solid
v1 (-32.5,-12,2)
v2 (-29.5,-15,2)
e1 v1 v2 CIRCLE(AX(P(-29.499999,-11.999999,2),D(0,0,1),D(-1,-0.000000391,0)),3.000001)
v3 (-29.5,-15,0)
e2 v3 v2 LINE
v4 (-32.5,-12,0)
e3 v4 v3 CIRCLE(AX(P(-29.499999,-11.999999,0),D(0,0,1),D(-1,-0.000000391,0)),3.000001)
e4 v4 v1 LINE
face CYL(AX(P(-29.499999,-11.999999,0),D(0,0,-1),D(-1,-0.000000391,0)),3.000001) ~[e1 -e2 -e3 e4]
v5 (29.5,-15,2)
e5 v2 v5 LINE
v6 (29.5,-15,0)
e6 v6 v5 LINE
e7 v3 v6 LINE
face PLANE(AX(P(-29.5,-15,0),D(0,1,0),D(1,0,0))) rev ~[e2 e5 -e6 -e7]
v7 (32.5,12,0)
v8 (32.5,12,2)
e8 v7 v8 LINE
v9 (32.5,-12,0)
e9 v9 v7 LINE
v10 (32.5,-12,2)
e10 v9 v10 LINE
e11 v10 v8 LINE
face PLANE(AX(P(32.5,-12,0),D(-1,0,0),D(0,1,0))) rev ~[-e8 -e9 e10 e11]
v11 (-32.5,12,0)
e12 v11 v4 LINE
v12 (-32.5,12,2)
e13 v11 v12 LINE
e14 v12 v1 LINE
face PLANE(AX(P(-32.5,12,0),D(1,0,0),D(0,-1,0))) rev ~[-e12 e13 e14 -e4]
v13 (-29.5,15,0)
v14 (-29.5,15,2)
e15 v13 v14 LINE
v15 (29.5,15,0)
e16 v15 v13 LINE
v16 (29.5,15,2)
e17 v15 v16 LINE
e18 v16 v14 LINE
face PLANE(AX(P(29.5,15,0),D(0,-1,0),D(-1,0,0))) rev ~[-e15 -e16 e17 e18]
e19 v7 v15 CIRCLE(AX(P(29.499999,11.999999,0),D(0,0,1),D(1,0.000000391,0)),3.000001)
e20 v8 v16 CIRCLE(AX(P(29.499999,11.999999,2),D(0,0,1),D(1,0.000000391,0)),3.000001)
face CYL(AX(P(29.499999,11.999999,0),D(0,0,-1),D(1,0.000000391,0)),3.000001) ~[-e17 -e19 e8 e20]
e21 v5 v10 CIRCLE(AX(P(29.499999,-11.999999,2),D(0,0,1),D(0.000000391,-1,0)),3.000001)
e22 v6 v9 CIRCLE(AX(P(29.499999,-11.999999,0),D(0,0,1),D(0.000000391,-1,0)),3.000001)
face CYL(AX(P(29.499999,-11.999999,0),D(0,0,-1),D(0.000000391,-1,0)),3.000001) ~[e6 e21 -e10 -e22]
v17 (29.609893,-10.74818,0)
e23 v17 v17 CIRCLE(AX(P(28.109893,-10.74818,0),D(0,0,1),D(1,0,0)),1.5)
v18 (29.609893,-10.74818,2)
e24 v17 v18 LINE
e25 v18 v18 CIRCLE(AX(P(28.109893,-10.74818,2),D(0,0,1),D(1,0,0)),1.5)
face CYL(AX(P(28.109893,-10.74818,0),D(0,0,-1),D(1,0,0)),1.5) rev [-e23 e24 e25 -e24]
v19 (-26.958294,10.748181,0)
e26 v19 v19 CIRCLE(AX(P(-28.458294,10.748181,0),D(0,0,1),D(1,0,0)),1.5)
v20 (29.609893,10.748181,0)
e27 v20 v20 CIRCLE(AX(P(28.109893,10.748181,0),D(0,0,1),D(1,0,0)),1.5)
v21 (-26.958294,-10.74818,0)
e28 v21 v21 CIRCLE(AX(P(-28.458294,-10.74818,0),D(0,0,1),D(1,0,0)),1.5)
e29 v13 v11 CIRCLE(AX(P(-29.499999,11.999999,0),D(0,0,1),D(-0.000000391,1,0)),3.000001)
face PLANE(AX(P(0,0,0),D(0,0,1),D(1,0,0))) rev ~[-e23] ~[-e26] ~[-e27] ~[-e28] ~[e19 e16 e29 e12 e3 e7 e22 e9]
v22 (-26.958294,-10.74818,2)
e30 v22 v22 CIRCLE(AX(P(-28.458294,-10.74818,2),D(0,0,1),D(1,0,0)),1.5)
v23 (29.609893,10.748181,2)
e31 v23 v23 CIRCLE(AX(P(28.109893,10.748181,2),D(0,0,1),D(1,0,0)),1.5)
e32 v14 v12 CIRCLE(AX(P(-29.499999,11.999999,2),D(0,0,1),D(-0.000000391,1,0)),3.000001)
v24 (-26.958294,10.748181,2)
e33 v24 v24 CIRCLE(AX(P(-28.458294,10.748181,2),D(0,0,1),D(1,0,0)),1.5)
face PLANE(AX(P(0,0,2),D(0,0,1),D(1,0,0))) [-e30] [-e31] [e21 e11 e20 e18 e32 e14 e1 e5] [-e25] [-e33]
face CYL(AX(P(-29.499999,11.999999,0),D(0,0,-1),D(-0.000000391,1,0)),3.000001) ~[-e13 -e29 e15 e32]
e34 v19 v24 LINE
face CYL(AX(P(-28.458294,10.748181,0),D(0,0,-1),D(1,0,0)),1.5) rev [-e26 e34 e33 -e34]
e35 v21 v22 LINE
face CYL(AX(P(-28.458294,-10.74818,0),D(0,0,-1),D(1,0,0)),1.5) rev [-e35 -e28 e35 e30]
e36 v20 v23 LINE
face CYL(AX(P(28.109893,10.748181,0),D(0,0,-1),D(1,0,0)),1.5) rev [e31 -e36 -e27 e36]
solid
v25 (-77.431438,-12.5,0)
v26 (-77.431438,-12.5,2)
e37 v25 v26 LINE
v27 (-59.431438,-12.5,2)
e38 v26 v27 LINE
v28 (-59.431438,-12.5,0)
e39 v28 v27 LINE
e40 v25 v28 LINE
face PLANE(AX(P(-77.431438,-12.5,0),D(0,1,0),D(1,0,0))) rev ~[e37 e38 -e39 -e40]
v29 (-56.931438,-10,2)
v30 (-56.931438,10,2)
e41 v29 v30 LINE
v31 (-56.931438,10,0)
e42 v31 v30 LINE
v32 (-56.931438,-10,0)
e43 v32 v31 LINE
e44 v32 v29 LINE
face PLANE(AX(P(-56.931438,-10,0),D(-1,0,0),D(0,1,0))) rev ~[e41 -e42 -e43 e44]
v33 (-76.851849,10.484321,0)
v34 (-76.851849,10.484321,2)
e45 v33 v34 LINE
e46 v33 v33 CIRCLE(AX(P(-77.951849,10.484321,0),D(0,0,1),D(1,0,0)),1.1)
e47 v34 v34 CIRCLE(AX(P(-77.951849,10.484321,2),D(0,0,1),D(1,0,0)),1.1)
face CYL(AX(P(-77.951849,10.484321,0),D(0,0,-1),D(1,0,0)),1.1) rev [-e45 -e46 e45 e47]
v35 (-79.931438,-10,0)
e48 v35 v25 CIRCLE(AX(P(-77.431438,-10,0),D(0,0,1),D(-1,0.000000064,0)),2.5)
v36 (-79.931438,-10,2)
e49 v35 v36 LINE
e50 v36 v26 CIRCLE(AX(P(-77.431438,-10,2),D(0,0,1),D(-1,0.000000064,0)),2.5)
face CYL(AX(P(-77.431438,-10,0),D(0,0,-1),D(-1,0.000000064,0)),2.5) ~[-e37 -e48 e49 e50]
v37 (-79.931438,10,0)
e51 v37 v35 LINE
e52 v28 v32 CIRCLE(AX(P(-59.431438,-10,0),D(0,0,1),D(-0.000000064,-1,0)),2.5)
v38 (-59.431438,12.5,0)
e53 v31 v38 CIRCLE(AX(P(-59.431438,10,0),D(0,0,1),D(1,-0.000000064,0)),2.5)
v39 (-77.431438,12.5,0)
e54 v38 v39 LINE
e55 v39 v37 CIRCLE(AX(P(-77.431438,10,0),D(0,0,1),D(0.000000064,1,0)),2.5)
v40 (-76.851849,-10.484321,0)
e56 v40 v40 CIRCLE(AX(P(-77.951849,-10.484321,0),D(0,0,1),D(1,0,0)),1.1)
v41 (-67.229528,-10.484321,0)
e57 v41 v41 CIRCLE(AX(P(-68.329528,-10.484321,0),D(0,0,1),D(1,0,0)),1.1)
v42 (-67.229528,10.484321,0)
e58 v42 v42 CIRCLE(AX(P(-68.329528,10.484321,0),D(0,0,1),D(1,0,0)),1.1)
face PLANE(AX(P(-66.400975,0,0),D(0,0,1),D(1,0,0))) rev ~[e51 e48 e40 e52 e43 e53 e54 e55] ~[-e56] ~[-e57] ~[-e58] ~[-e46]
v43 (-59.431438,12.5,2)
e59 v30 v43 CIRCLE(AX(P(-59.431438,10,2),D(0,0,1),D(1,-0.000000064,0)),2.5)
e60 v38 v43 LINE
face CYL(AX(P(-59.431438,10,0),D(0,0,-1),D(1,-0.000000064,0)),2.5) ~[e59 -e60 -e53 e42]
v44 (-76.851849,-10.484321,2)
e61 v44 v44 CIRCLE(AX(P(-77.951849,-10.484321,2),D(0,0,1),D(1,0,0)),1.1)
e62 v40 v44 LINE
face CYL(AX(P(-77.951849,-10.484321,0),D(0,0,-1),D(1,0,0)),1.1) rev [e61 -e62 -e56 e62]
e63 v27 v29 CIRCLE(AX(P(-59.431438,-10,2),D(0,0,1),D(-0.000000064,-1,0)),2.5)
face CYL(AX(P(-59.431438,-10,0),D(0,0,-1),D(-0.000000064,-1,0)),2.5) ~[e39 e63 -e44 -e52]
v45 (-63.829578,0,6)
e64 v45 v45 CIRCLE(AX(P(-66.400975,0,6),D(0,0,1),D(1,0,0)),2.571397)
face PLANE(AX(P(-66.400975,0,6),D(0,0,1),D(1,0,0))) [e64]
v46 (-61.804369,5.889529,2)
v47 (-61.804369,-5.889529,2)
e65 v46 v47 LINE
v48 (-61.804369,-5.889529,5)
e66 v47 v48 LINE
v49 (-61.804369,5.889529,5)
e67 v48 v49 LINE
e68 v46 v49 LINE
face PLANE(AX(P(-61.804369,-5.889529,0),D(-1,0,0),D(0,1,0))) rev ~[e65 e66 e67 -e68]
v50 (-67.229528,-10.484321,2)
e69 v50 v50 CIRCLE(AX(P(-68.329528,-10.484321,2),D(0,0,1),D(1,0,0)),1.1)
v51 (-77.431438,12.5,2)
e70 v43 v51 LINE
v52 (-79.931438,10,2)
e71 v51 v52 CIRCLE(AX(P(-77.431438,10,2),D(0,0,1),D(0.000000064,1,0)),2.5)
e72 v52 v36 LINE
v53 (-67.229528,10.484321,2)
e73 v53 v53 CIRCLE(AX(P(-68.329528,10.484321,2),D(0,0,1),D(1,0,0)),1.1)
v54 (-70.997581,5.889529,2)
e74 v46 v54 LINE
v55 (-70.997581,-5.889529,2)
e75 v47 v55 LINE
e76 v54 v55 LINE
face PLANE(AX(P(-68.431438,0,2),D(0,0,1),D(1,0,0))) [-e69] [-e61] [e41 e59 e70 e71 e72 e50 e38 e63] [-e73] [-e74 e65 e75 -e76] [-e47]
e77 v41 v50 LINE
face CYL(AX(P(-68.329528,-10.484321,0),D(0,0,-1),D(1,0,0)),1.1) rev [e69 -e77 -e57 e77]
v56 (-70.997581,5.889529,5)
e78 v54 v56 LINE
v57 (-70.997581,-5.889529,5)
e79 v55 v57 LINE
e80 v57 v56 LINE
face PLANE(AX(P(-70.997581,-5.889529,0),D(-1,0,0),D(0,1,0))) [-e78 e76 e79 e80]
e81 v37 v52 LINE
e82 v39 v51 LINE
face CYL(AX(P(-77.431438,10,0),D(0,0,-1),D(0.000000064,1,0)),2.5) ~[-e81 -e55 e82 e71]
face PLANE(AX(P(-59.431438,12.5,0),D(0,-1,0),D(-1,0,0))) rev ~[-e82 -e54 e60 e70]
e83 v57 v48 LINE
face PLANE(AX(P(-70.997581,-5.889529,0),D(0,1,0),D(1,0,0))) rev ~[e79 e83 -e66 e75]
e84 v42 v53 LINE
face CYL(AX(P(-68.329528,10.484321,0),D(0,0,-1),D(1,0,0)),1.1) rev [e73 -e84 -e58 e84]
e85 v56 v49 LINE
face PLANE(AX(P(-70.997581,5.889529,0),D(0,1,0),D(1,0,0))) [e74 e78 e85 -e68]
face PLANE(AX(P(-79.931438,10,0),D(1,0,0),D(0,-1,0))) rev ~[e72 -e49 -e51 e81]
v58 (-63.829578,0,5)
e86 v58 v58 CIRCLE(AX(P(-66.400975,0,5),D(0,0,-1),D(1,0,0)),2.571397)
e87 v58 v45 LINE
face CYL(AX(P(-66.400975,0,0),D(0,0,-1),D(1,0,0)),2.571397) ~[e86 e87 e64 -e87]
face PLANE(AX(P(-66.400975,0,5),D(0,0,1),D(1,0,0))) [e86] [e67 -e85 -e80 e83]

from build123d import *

# Parameters (mm, degrees)
F0_R     = 1.5
F1_DEPTH = 2
F2_R     = 1.1
F2_W     = 9.193212
F2_H     = 11.779058
F2_R_2   = 2.571397
F3_DEPTH = 2
F4_DEPTH = 5
F5_DEPTH = 6


with BuildPart() as f1:
    # F0 (on Top) → F1 (new body)
    with BuildSketch(Plane.XY):
        with BuildLine():
            Line((29.5, 15), (-29.5, 15))
            ThreePointArc((-29.5, 15), (-31.62132, 14.12132), (-32.5, 12))
            Line((-32.5, 12), (-32.5, -12))
            ThreePointArc((-32.5, -12), (-31.62132, -14.12132), (-29.5, -15))
            Line((-29.5, -15), (29.5, -15))
            ThreePointArc((29.5, -15), (31.62132, -14.12132), (32.5, -12))
            Line((32.5, -12), (32.5, 12))
            ThreePointArc((32.5, 12), (31.62132, 14.12132), (29.5, 15))
        make_face()
        with Locations((-28.458294, -10.74818)):
            Circle(F0_R, mode=Mode.SUBTRACT)
        with Locations((28.109893, -10.74818)):
            Circle(F0_R, mode=Mode.SUBTRACT)
        with Locations((-28.458294, 10.748181)):
            Circle(F0_R, mode=Mode.SUBTRACT)
        with Locations((28.109893, 10.748181)):
            Circle(F0_R, mode=Mode.SUBTRACT)
    extrude(amount=F1_DEPTH)


with BuildPart() as f3:
    # F2 (on Top) → F3 (new body)
    with BuildSketch(Plane.XY):
        with BuildLine():
            Line((-59.431438, 12.5), (-77.431438, 12.5))
            ThreePointArc((-77.431438, 12.5), (-79.199205, 11.767767), (-79.931438, 10))
            Line((-79.931438, 10), (-79.931438, -10))
            ThreePointArc((-79.931438, -10), (-79.199205, -11.767767), (-77.431438, -12.5))
            Line((-77.431438, -12.5), (-59.431438, -12.5))
            ThreePointArc((-59.431438, -12.5), (-57.663671, -11.767767), (-56.931438, -10))
            Line((-56.931438, -10), (-56.931438, 10))
            ThreePointArc((-56.931438, 10), (-57.663671, 11.767767), (-59.431438, 12.5))
        make_face()
        with Locations((-77.951849, -10.484321)):
            Circle(F2_R, mode=Mode.SUBTRACT)
        with Locations((-68.329528, -10.484321)):
            Circle(F2_R, mode=Mode.SUBTRACT)
        with Locations((-77.951849, 10.484321)):
            Circle(F2_R, mode=Mode.SUBTRACT)
        with Locations((-66.400975, 0)):
            Rectangle(F2_W, F2_H, mode=Mode.SUBTRACT)
        with Locations((-68.329528, 10.484321)):
            Circle(F2_R, mode=Mode.SUBTRACT)
        with Locations((-66.400975, 0)):
            Rectangle(F2_W, F2_H)
        with Locations((-66.400975, 0)):
            Circle(F2_R_2, mode=Mode.SUBTRACT)
        with Locations((-66.400975, 0)):
            Circle(F2_R_2)
    extrude(amount=F3_DEPTH)

    # F2 (on Top) → F4 (join)
    with BuildSketch(Plane.XY):
        with Locations((-66.400975, 0)):
            Rectangle(F2_W, F2_H)
        with Locations((-66.400975, 0)):
            Circle(F2_R_2, mode=Mode.SUBTRACT)
        with Locations((-66.400975, 0)):
            Circle(F2_R_2)
    extrude(amount=F4_DEPTH)

    # F2 (on Top) → F5 (join)
    with BuildSketch(Plane.XY):
        with Locations((-66.400975, 0)):
            Circle(F2_R_2)
    extrude(amount=F5_DEPTH)


solid = Compound([f1.part, f3.part])
